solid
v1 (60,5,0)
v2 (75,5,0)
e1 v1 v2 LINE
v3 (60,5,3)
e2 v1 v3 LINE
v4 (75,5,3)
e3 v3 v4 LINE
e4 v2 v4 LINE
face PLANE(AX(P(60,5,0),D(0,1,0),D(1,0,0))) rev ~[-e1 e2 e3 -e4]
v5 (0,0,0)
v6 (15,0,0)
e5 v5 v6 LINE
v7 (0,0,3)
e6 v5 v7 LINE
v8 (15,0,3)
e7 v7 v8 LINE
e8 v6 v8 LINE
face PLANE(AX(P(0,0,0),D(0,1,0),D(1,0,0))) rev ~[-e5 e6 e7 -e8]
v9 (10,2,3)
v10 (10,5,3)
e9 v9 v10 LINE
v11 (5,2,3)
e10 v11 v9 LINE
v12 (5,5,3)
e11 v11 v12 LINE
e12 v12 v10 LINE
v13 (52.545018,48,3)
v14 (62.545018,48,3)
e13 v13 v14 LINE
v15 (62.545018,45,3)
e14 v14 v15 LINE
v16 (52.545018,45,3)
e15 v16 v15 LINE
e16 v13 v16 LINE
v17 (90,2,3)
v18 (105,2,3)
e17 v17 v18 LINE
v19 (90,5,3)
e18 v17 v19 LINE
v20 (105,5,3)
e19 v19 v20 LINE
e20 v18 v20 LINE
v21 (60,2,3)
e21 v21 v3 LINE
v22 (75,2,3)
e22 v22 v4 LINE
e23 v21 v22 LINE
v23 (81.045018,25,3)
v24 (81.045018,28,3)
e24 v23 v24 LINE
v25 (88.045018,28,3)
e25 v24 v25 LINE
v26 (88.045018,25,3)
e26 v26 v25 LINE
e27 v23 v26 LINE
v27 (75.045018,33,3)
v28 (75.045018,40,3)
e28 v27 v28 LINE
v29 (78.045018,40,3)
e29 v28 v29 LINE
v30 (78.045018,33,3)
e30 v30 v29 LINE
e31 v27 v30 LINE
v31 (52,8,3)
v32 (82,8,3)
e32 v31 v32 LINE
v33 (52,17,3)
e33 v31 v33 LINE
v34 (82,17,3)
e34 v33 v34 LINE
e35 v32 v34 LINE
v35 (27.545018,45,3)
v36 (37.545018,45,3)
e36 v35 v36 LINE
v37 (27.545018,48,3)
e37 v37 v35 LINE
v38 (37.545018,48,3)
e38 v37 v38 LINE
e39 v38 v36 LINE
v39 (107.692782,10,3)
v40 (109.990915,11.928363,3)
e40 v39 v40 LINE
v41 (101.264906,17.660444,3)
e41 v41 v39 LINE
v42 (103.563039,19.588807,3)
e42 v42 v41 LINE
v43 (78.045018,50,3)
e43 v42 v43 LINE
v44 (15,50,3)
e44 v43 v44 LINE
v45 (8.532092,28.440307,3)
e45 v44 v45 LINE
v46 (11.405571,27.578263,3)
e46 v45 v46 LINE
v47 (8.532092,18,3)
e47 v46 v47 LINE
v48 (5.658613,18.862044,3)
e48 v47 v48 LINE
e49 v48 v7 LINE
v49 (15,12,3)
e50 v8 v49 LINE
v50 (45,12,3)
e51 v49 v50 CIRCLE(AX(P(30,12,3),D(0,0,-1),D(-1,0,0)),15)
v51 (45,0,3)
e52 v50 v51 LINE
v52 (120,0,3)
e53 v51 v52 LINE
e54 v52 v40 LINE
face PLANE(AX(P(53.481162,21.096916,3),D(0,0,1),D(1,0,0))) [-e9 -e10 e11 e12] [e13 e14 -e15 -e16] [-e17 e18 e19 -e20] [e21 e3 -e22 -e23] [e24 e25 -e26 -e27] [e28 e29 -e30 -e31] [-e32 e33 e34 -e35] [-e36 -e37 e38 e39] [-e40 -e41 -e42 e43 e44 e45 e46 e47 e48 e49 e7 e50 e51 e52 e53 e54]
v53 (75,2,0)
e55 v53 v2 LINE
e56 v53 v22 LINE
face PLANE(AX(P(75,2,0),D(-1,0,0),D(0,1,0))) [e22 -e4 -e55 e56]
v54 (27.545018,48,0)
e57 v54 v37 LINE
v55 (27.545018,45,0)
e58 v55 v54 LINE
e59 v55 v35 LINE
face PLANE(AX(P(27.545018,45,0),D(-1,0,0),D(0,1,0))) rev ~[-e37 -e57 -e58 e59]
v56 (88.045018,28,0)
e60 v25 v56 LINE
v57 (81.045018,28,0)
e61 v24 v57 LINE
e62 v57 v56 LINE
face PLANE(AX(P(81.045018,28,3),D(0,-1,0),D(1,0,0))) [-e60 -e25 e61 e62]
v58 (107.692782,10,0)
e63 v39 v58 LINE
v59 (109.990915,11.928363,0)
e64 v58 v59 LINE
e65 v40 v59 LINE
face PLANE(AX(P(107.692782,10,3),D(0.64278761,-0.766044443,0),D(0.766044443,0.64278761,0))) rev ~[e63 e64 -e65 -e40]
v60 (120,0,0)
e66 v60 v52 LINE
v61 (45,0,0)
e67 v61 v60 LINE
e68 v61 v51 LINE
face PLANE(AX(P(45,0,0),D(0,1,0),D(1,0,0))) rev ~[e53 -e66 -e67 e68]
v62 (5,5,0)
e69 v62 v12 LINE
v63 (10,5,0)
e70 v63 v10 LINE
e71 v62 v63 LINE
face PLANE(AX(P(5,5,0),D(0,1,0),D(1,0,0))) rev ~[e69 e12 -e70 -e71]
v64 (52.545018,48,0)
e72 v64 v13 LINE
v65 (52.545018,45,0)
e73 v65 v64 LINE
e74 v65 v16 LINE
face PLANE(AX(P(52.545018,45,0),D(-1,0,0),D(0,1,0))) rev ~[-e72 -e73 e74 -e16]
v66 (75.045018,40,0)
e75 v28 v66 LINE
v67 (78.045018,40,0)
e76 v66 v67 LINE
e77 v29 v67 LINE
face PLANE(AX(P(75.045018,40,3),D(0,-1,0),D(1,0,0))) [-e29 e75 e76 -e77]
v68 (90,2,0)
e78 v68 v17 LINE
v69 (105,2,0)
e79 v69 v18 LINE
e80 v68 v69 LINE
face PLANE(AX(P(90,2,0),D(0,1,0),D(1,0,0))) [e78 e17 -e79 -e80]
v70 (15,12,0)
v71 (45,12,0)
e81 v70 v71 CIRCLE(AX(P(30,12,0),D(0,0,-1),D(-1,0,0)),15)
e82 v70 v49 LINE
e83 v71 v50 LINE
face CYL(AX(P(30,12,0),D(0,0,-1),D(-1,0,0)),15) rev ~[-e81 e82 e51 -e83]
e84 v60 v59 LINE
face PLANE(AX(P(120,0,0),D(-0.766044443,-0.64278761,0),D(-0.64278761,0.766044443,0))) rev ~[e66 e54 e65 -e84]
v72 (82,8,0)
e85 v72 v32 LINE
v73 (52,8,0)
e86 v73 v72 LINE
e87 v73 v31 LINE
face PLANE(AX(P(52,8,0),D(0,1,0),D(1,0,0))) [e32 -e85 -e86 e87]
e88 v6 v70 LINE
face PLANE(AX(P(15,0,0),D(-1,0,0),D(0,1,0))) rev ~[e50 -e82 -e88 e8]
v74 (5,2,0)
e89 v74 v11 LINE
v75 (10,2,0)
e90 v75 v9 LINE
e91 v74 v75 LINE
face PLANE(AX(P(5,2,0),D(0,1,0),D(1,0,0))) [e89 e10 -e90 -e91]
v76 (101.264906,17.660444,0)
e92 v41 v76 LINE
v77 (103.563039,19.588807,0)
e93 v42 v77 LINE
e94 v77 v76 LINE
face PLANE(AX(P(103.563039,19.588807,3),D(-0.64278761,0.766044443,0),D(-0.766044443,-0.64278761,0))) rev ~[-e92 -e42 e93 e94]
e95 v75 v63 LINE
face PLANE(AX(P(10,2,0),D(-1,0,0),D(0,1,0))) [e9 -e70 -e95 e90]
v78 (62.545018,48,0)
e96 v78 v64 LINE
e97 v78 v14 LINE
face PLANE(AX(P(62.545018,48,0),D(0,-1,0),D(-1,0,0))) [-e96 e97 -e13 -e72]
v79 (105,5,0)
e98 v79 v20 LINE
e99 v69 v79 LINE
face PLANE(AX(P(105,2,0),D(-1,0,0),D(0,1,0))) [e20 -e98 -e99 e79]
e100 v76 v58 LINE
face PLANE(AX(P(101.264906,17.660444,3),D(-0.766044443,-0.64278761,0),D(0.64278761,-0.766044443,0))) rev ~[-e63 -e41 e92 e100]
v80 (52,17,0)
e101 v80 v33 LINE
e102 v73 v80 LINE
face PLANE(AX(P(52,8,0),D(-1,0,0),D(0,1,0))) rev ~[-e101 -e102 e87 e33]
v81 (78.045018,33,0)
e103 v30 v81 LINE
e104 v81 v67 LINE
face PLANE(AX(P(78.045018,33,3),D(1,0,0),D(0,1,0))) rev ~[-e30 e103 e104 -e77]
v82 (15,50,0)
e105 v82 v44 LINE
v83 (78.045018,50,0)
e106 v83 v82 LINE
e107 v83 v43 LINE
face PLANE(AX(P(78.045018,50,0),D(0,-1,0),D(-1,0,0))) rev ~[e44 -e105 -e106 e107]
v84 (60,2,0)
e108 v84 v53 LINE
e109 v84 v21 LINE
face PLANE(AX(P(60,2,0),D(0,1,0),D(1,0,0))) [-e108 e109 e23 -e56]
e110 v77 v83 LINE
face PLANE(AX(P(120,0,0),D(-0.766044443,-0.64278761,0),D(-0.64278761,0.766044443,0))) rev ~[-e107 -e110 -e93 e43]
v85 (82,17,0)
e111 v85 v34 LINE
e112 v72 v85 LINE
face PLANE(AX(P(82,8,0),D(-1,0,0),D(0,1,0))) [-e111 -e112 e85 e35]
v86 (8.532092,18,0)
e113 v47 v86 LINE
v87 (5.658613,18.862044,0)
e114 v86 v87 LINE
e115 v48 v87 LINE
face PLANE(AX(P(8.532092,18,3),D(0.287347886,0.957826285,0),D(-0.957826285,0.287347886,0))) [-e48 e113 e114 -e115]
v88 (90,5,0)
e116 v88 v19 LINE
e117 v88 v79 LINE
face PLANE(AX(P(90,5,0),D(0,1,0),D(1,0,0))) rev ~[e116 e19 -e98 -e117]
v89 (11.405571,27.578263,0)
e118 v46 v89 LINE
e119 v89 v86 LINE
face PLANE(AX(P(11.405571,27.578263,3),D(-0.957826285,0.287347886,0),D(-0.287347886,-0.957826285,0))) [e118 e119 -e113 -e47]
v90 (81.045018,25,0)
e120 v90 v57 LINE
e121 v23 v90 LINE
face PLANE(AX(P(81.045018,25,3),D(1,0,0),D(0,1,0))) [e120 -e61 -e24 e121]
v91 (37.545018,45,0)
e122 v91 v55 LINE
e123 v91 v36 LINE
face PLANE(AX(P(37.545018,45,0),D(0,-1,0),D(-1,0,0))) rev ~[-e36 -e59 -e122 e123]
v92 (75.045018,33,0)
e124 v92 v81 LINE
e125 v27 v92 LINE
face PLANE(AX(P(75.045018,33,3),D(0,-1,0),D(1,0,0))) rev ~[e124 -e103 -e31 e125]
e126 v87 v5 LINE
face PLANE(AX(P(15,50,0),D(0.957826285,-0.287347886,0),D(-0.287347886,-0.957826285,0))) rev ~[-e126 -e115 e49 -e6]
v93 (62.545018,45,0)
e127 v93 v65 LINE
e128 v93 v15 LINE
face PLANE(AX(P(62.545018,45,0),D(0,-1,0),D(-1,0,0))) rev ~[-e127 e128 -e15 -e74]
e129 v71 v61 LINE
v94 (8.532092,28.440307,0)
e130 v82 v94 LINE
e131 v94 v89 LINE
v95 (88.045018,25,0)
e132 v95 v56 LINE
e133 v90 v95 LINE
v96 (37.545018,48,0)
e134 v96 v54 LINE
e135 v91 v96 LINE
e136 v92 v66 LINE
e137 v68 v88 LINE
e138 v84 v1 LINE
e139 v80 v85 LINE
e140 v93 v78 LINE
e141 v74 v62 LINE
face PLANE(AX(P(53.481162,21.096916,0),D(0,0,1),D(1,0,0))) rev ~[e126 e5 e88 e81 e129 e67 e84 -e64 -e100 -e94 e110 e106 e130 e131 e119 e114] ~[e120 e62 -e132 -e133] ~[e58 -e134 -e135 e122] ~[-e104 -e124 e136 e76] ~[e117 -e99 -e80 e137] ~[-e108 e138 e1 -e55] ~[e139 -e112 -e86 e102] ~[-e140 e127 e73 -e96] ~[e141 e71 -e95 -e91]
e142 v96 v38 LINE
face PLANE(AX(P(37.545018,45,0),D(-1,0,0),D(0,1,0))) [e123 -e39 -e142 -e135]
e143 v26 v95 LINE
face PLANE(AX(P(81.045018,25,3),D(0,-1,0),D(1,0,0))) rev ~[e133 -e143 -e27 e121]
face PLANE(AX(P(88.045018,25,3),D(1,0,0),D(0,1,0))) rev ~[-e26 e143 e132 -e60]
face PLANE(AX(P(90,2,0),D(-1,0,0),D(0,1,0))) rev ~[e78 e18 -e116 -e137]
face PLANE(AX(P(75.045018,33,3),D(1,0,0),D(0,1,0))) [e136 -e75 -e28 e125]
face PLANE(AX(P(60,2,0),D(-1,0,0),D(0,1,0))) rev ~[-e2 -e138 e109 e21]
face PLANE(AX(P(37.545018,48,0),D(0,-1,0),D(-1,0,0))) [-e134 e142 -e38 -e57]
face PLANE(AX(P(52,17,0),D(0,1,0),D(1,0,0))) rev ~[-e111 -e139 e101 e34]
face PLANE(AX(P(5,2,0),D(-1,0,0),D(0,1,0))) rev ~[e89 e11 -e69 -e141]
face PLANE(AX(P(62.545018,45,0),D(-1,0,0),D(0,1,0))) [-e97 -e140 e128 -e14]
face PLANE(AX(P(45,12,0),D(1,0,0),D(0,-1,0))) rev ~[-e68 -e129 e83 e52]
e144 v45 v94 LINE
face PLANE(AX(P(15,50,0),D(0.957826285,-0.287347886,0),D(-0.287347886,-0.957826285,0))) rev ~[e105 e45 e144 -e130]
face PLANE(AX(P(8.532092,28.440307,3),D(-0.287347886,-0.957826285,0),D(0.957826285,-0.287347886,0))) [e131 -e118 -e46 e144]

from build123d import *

# Parameters (mm, degrees)
CROQUIS1_W              = 15
CROQUIS1_H              = 3
CROQUIS1_W_2            = 5
CROQUIS1_W_3            = 30
CROQUIS1_H_2            = 9
SALIENTE_EXTRUIR1_DEPTH = 3
CROQUIS3_W              = 3
CROQUIS3_H              = 7
CROQUIS3_W_2            = 7
CROQUIS3_H_2            = 3
CORTAR_EXTRUIR2_DEPTH   = 4
CORTAR_EXTRUIR3_DEPTH   = 4
CORTAR_EXTRUIR4_DEPTH   = 4
CROQUIS7_W              = 10
CROQUIS7_H              = 3
CORTAR_EXTRUIR5_DEPTH   = 4


with BuildPart() as part:
    # Croquis1 → Saliente-Extruir1 (new body)
    with BuildSketch(Plane.XY):
        with BuildLine():
            Line((0, 0), (15, 0))
            Line((15, 0), (15, 12))
            ThreePointArc((15, 12), (30, 27), (45, 12))
            Line((45, 12), (45, 0))
            Line((45, 0), (120, 0))
            Line((120, 0), (78.045018441, 50))
            Line((78.045018441, 50), (15, 50))
            Line((15, 50), (0, 0))
        make_face()
        with Locations((97.5, 3.5)):
            Rectangle(CROQUIS1_W, CROQUIS1_H, mode=Mode.SUBTRACT)
        with Locations((67.5, 3.5)):
            Rectangle(CROQUIS1_W, CROQUIS1_H, mode=Mode.SUBTRACT)
        with Locations((7.5, 3.5)):
            Rectangle(CROQUIS1_W_2, CROQUIS1_H, mode=Mode.SUBTRACT)
        with Locations((67, 12.5)):
            Rectangle(CROQUIS1_W_3, CROQUIS1_H_2, mode=Mode.SUBTRACT)
    extrude(amount=SALIENTE_EXTRUIR1_DEPTH)

    # Croquis3 → Cortar-Extruir2 (cut, through all)
    with BuildSketch(Plane.XY.offset(3)):
        with Locations((76.545018441, 36.5)):
            Rectangle(CROQUIS3_W, CROQUIS3_H)
        with Locations((84.545018441, 26.5)):
            Rectangle(CROQUIS3_W_2, CROQUIS3_H_2)
    extrude(amount=-CORTAR_EXTRUIR2_DEPTH, mode=Mode.SUBTRACT)

    # Croquis5 → Cortar-Extruir3 (cut, through all)
    with BuildSketch(Plane.XY.offset(3)):
        Polygon((103.563039053, 19.58880726), (101.264905723, 17.660444431), (107.69278182, 10), (109.99091515, 11.928362829), align=None)
    extrude(amount=-CORTAR_EXTRUIR3_DEPTH, mode=Mode.SUBTRACT)

    # Croquis6 → Cortar-Extruir4 (cut, through all)
    with BuildSketch(Plane.XY.offset(3)):
        Polygon((8.532091953, 28.440306509), (11.405570808, 27.578262852), (8.532091953, 18), (5.658613097, 18.862043657), align=None)
    extrude(amount=-CORTAR_EXTRUIR4_DEPTH, mode=Mode.SUBTRACT)

    # Croquis7 → Cortar-Extruir5 (cut, through all)
    with BuildSketch(Plane(origin=(0, 0, 0), x_dir=(-1, 0, 0), z_dir=(0, 0, -1))):
        with Locations((-57.545018441, 46.5)):
            Rectangle(CROQUIS7_W, CROQUIS7_H)
        with Locations((-32.545018441, 46.5)):
            Rectangle(CROQUIS7_W, CROQUIS7_H)
    extrude(amount=-CORTAR_EXTRUIR5_DEPTH, mode=Mode.SUBTRACT)


solid = part.part
